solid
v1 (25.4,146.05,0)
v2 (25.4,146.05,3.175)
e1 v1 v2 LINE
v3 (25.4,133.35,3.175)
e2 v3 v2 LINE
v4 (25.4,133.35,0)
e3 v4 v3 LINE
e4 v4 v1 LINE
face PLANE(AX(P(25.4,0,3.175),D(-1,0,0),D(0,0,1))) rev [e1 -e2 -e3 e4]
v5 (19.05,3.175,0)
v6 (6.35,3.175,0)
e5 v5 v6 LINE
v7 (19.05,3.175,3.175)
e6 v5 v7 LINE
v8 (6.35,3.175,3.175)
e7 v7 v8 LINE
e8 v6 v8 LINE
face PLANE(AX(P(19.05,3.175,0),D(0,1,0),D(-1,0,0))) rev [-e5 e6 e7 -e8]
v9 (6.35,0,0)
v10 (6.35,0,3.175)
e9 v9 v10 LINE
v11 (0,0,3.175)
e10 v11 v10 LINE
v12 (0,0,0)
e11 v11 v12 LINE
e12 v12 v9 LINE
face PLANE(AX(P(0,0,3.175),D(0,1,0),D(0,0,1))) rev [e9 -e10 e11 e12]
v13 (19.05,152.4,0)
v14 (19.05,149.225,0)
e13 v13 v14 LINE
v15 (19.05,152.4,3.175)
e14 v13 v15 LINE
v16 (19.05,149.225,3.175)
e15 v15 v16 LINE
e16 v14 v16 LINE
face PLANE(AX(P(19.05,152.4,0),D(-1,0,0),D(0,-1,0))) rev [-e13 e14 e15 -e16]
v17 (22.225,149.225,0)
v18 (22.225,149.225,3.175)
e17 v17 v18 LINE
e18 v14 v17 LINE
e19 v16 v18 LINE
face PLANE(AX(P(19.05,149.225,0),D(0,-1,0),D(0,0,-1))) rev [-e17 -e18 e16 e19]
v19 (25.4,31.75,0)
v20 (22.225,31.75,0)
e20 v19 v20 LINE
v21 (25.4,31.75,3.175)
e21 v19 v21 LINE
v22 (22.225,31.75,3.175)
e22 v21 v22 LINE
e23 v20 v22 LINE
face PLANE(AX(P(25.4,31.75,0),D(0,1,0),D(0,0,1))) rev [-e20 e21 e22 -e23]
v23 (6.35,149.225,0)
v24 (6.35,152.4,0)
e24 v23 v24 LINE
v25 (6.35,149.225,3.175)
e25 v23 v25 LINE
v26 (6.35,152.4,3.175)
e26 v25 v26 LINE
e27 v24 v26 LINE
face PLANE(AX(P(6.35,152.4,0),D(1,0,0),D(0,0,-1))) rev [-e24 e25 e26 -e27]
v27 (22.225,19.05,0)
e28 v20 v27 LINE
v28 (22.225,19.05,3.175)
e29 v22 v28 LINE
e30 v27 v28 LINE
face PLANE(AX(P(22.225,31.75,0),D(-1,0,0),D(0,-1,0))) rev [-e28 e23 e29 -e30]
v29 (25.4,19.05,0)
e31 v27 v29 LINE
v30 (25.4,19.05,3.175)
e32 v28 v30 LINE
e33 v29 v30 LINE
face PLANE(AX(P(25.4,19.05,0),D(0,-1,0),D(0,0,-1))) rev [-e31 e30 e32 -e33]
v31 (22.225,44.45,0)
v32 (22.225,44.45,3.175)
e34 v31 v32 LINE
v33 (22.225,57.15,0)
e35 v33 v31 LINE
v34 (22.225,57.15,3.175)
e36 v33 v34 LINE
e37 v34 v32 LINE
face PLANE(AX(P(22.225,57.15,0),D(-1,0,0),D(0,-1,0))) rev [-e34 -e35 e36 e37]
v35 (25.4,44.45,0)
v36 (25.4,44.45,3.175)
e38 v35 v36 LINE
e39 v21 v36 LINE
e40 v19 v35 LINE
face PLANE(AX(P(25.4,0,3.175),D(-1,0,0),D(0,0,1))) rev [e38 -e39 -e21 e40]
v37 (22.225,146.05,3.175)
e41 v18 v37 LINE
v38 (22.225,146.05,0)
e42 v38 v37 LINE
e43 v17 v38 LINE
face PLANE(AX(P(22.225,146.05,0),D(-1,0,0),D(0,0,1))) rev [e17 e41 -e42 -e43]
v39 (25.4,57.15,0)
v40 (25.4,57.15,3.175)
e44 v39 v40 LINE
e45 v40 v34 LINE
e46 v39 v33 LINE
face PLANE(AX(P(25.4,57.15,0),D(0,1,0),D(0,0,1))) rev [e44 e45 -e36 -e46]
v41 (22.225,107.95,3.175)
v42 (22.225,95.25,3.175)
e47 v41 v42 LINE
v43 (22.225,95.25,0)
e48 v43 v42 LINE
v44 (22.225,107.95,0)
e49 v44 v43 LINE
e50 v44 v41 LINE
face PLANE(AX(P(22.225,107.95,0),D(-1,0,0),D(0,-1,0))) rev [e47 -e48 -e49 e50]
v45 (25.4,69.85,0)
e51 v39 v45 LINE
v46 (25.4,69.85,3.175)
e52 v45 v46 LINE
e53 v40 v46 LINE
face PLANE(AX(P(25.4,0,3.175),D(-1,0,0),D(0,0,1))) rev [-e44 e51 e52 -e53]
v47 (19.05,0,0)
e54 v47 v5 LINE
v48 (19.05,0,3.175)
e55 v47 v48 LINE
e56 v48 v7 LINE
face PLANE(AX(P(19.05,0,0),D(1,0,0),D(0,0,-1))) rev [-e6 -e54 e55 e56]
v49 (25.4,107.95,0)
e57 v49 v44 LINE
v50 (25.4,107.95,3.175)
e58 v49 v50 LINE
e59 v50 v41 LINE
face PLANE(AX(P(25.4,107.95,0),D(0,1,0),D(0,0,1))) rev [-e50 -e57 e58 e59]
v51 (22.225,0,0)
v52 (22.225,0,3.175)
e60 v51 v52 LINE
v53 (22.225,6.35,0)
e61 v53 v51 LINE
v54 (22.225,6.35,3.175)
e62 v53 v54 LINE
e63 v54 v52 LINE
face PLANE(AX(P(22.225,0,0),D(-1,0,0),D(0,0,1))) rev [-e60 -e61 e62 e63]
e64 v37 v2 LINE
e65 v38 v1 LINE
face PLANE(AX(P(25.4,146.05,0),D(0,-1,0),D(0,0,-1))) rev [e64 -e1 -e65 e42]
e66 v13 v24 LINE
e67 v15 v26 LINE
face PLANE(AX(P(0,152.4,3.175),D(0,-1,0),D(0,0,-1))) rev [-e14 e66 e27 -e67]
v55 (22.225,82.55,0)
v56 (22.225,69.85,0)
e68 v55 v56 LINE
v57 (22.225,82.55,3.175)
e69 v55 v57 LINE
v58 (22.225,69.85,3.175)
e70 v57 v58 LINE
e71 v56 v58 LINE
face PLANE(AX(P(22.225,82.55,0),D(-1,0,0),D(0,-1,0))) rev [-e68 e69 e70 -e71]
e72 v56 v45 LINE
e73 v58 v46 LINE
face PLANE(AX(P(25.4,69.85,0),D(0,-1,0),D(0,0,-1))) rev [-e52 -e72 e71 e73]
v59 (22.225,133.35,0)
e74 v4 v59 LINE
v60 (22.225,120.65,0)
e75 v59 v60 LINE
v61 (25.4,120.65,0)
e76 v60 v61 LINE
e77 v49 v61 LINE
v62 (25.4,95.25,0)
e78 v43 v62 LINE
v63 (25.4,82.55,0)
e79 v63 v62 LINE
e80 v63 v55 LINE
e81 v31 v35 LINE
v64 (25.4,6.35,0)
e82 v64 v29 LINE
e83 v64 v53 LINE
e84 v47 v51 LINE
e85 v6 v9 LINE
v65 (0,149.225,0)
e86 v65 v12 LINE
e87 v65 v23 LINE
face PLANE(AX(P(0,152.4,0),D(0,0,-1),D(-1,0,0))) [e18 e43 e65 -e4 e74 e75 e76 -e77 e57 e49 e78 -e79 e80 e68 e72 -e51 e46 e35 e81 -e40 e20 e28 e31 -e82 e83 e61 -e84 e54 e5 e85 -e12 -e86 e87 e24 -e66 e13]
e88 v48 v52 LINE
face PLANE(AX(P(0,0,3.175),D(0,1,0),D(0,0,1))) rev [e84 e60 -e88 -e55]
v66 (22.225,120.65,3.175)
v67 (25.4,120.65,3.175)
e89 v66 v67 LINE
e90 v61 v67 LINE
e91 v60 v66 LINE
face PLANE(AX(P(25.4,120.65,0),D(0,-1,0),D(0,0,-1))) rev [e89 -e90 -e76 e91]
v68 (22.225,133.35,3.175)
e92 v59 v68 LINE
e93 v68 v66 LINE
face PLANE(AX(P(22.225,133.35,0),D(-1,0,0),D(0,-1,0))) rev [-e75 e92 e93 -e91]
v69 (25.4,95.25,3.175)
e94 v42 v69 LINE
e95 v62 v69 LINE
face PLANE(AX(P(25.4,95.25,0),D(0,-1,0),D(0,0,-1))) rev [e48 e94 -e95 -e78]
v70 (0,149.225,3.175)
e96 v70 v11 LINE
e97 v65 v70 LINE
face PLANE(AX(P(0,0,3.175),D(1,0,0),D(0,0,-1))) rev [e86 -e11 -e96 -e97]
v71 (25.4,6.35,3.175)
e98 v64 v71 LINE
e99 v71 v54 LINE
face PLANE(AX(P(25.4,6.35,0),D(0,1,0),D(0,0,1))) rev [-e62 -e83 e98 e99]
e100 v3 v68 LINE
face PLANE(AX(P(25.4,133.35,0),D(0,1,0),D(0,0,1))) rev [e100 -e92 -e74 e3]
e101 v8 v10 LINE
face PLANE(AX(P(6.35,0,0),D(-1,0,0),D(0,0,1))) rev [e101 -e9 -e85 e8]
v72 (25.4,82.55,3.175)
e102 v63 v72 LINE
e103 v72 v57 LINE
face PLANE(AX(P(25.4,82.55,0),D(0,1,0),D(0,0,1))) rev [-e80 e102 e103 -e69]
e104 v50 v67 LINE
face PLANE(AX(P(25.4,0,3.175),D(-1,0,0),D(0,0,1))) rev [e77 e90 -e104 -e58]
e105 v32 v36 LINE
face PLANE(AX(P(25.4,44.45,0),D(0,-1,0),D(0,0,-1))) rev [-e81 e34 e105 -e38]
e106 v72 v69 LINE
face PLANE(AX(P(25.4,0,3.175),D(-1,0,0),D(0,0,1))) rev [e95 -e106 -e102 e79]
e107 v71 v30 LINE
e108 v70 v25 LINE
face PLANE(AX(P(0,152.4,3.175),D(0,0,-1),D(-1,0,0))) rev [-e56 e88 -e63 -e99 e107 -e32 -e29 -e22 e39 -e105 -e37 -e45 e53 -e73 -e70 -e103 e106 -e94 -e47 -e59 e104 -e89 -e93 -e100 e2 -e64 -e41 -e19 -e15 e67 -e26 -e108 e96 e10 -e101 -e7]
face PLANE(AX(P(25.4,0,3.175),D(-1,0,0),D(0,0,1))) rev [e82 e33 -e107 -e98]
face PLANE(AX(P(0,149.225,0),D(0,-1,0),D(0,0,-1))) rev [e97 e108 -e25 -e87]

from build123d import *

# Parameters (mm, degrees)
SKETCH1_W          = 25.4
SKETCH1_H          = 152.4
EXTRUDE1_DEPTH     = 3.175
SKETCH3_W          = 3.175
SKETCH3_H          = 6.35
CUT_EXTRUDE1_DEPTH = 3.175
LPATTERN1_COUNT    = 2
LPATTERN1_PITCH    = 146.05
SKETCH4_W          = 3.175
SKETCH4_H          = 12.7
CUT_EXTRUDE2_DEPTH = 3.175
LPATTERN2_COUNT    = 5
LPATTERN2_PITCH    = 25.4
SKETCH5_W          = 12.7
SKETCH5_H          = 3.175
CUT_EXTRUDE3_DEPTH = 3.175
SKETCH6_W          = 6.35
SKETCH6_H          = 3.175
CUT_EXTRUDE4_DEPTH = 3.175
LPATTERN3_COUNT    = 2
LPATTERN3_PITCH    = 19.05


with BuildPart() as part:
    # Sketch1 → Extrude1 (new body)
    with BuildSketch(Plane.XY):
        with Locations((12.7, 76.2)):
            Rectangle(SKETCH1_W, SKETCH1_H)
    extrude(amount=EXTRUDE1_DEPTH)

    # Sketch3 → Cut-Extrude1 (cut)
    with BuildSketch(Plane.XY.offset(3.175)):
        with Locations((23.8125, 149.225)):
            Rectangle(SKETCH3_W, SKETCH3_H)
    cut_extrude1 = extrude(amount=-CUT_EXTRUDE1_DEPTH, mode=Mode.SUBTRACT)

    # LPattern1: Cut-Extrude1 ×2
    with Locations(*[(0, -i * LPATTERN1_PITCH, 0) for i in range(1, LPATTERN1_COUNT)]):
        add(cut_extrude1, mode=Mode.SUBTRACT)

    # Sketch4 → Cut-Extrude2 (cut)
    with BuildSketch(Plane.XY.offset(3.175)):
        with Locations((23.8125, 127)):
            Rectangle(SKETCH4_W, SKETCH4_H)
    cut_extrude2 = extrude(amount=-CUT_EXTRUDE2_DEPTH, mode=Mode.SUBTRACT)

    # LPattern2: Cut-Extrude2 ×5
    with Locations(*[(0, -i * LPATTERN2_PITCH, 0) for i in range(1, LPATTERN2_COUNT)]):
        add(cut_extrude2, mode=Mode.SUBTRACT)

    # Sketch5 → Cut-Extrude3 (cut)
    with BuildSketch(Plane.XY.offset(3.175)):
        with Locations((12.7, 1.5875)):
            Rectangle(SKETCH5_W, SKETCH5_H)
    extrude(amount=-CUT_EXTRUDE3_DEPTH, mode=Mode.SUBTRACT)

    # Sketch6 → Cut-Extrude4 (cut)
    with BuildSketch(Plane.XY.offset(3.175)):
        with Locations((3.175, 150.8125)):
            Rectangle(SKETCH6_W, SKETCH6_H)
    cut_extrude4 = extrude(amount=-CUT_EXTRUDE4_DEPTH, mode=Mode.SUBTRACT)

    # LPattern3: Cut-Extrude4 ×2
    with Locations(*[(i * LPATTERN3_PITCH, 0, 0) for i in range(1, LPATTERN3_COUNT)]):
        add(cut_extrude4, mode=Mode.SUBTRACT)


solid = part.part
